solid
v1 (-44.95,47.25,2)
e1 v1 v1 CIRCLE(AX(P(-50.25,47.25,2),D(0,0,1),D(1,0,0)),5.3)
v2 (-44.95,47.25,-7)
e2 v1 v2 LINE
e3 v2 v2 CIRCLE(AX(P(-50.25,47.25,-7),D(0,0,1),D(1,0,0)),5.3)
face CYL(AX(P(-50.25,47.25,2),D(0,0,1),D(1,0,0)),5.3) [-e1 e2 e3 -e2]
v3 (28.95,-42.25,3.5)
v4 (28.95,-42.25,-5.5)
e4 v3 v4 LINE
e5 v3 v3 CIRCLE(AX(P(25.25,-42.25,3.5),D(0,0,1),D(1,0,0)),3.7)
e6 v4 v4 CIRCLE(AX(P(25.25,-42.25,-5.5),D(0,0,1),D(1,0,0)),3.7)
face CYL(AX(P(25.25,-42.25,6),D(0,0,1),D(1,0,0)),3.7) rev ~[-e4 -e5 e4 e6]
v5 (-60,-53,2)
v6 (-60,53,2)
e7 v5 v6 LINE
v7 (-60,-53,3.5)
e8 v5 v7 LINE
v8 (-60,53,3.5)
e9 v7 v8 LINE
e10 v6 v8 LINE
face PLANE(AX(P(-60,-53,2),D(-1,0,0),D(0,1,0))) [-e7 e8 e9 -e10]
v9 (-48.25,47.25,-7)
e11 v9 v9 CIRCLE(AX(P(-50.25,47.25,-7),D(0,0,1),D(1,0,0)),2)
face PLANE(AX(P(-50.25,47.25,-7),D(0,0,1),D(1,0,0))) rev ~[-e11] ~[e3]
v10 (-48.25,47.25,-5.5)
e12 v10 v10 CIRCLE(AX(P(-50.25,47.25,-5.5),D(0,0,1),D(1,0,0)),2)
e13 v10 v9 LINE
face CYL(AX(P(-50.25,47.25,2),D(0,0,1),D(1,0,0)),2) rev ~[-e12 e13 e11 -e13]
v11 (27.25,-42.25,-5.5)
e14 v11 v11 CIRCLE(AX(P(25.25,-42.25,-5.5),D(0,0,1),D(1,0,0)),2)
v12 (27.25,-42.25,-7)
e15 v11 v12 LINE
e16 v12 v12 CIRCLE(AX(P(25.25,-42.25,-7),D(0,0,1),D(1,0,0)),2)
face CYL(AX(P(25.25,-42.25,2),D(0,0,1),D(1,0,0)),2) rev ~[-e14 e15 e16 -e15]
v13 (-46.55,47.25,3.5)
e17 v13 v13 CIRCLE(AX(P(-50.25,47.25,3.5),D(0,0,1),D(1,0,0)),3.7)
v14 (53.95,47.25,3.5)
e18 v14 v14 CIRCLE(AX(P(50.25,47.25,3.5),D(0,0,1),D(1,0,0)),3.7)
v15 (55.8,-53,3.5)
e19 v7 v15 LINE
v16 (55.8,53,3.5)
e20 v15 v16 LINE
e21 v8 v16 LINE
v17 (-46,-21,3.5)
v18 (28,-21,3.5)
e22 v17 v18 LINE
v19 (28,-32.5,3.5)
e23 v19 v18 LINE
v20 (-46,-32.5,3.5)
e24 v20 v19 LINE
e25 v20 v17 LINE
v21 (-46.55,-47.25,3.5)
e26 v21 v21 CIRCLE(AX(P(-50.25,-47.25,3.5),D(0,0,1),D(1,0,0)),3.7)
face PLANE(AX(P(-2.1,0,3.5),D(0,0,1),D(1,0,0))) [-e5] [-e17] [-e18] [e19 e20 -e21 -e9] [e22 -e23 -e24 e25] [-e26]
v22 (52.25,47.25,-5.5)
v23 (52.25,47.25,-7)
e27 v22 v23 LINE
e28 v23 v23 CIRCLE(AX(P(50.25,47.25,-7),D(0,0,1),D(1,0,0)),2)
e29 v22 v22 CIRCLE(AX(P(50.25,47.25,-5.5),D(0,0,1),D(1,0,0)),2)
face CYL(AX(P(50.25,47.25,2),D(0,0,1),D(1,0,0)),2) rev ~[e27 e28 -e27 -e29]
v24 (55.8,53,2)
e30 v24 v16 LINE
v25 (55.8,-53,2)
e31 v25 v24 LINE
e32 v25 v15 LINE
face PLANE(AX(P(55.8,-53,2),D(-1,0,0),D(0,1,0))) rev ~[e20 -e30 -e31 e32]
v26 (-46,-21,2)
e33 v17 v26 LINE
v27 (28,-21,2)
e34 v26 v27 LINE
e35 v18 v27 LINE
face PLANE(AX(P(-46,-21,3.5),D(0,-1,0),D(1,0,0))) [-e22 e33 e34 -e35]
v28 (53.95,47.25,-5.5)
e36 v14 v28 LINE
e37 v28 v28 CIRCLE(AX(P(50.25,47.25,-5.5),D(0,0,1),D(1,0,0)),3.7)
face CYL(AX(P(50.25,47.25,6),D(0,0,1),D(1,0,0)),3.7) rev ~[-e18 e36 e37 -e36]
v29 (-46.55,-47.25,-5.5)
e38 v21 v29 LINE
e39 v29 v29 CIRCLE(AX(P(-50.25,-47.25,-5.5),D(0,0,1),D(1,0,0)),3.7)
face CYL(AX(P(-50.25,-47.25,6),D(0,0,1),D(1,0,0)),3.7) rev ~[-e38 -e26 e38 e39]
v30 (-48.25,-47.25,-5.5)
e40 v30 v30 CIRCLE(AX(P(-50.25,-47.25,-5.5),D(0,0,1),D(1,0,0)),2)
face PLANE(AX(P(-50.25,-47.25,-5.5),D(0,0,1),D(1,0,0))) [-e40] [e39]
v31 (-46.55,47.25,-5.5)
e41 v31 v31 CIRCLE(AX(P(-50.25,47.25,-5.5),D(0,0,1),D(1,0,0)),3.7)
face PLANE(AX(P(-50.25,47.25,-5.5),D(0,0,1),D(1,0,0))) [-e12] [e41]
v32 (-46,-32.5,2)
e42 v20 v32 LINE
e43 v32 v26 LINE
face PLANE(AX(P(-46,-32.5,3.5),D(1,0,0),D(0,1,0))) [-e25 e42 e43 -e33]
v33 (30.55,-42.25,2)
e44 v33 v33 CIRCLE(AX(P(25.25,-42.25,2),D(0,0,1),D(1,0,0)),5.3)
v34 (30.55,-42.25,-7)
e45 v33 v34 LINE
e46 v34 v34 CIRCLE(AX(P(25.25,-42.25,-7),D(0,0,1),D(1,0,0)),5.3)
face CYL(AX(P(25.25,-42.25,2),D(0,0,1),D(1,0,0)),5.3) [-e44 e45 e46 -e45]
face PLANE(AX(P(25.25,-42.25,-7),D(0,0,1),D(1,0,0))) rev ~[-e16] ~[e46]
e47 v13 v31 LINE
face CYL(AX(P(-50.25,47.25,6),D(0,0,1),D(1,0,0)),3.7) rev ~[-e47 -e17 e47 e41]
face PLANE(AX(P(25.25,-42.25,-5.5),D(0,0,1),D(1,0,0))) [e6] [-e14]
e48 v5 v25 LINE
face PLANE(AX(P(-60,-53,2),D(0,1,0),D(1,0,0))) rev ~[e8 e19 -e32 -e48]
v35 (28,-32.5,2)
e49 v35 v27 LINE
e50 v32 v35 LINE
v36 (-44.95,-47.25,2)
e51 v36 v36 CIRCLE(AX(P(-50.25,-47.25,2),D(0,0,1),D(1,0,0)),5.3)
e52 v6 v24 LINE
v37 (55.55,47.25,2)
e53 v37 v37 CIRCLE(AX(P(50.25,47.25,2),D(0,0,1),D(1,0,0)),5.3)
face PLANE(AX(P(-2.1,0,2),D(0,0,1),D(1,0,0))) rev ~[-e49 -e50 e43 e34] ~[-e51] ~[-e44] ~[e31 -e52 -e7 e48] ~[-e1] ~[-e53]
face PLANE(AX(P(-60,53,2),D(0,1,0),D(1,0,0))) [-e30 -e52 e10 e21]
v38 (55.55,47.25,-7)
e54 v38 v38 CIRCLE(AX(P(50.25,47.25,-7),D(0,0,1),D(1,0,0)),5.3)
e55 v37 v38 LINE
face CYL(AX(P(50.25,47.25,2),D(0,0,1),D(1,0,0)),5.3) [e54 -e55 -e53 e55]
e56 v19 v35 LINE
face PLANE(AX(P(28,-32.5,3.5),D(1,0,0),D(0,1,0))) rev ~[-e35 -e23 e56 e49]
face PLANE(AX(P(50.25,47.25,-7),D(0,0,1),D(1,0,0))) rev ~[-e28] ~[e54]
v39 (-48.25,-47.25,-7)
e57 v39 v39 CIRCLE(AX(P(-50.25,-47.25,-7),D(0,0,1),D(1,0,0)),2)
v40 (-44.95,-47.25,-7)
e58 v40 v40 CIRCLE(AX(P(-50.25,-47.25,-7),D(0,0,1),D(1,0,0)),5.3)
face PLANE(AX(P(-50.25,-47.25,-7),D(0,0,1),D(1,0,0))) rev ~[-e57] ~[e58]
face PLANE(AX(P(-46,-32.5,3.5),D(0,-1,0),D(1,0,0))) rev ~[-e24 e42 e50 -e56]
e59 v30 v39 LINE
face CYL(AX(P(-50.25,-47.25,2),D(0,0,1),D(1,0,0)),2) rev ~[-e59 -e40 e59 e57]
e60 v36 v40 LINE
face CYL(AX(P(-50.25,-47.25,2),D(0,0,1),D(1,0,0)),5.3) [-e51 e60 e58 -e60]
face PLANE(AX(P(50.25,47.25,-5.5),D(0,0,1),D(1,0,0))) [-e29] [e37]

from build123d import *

# Parameters (mm, degrees)
SKETCH_W         = 74
SKETCH_H         = 11.5
EXTRUDE002_DEPTH = 10
SKETCH007_R      = 3.7
EXTRUDE001_DEPTH = 11.5
SKETCH006_R      = 5.3
SKETCH006_R_2    = 2
EXTRUDE_DEPTH    = 9
BOX001_W         = 115.8
BOX001_H         = 106
BOX001_DEPTH     = 1.5


with BuildPart() as extrude002:
    # Sketch → Extrude002 (new body)
    with BuildSketch(Plane.XY.offset(3.5)):
        with Locations((-9, -26.75)):
            Rectangle(SKETCH_W, SKETCH_H)
    extrude(amount=-EXTRUDE002_DEPTH)


with BuildPart() as extrude001:
    # Sketch007 → Extrude001 (new body)
    with BuildSketch(Plane.XY.offset(2)):
        with Locations((-50.25, -47.25)):
            Circle(SKETCH007_R)
        with Locations((50.25, 47.25)):
            Circle(SKETCH007_R)
        with Locations((-50.25, 47.25)):
            Circle(SKETCH007_R)
        with Locations((25.25, -42.25)):
            Circle(SKETCH007_R)
    extrude(amount=-EXTRUDE001_DEPTH)


with BuildPart() as extrude001_1:
    # Extrude001 placement: moved
    add(extrude001.part.moved(Location((0, 0, 4))))


with BuildPart() as extrude_mount_columns:
    # Sketch006 → Extrude (new body)
    with BuildSketch(Plane.XY.offset(2)):
        with Locations((-50.25, -47.25)):
            Circle(SKETCH006_R)
        with Locations((-50.25, -47.25)):
            Circle(SKETCH006_R_2, mode=Mode.SUBTRACT)
        with Locations((50.25, 47.25)):
            Circle(SKETCH006_R)
        with Locations((50.25, 47.25)):
            Circle(SKETCH006_R_2, mode=Mode.SUBTRACT)
        with Locations((-50.25, 47.25)):
            Circle(SKETCH006_R)
        with Locations((-50.25, 47.25)):
            Circle(SKETCH006_R_2, mode=Mode.SUBTRACT)
        with Locations((25.25, -42.25)):
            Circle(SKETCH006_R)
        with Locations((25.25, -42.25)):
            Circle(SKETCH006_R_2, mode=Mode.SUBTRACT)
    extrude(amount=-EXTRUDE_DEPTH)


with BuildPart() as cut001:
    # Box001 → Box001 (new body)
    with BuildSketch(Plane(origin=(-60, -53, 2), x_dir=(1, 0, 0), z_dir=(0, 0, 1))):
        with Locations((57.9, 53)):
            Rectangle(BOX001_W, BOX001_H)
    extrude(amount=BOX001_DEPTH)

    # Fusion: union Extrude Mount Columns
    add(extrude_mount_columns.part)

    # Cut: cut Extrude001
    add(extrude001_1.part, mode=Mode.SUBTRACT)

    # Cut001: cut Extrude002
    add(extrude002.part, mode=Mode.SUBTRACT)


solid = cut001.part
